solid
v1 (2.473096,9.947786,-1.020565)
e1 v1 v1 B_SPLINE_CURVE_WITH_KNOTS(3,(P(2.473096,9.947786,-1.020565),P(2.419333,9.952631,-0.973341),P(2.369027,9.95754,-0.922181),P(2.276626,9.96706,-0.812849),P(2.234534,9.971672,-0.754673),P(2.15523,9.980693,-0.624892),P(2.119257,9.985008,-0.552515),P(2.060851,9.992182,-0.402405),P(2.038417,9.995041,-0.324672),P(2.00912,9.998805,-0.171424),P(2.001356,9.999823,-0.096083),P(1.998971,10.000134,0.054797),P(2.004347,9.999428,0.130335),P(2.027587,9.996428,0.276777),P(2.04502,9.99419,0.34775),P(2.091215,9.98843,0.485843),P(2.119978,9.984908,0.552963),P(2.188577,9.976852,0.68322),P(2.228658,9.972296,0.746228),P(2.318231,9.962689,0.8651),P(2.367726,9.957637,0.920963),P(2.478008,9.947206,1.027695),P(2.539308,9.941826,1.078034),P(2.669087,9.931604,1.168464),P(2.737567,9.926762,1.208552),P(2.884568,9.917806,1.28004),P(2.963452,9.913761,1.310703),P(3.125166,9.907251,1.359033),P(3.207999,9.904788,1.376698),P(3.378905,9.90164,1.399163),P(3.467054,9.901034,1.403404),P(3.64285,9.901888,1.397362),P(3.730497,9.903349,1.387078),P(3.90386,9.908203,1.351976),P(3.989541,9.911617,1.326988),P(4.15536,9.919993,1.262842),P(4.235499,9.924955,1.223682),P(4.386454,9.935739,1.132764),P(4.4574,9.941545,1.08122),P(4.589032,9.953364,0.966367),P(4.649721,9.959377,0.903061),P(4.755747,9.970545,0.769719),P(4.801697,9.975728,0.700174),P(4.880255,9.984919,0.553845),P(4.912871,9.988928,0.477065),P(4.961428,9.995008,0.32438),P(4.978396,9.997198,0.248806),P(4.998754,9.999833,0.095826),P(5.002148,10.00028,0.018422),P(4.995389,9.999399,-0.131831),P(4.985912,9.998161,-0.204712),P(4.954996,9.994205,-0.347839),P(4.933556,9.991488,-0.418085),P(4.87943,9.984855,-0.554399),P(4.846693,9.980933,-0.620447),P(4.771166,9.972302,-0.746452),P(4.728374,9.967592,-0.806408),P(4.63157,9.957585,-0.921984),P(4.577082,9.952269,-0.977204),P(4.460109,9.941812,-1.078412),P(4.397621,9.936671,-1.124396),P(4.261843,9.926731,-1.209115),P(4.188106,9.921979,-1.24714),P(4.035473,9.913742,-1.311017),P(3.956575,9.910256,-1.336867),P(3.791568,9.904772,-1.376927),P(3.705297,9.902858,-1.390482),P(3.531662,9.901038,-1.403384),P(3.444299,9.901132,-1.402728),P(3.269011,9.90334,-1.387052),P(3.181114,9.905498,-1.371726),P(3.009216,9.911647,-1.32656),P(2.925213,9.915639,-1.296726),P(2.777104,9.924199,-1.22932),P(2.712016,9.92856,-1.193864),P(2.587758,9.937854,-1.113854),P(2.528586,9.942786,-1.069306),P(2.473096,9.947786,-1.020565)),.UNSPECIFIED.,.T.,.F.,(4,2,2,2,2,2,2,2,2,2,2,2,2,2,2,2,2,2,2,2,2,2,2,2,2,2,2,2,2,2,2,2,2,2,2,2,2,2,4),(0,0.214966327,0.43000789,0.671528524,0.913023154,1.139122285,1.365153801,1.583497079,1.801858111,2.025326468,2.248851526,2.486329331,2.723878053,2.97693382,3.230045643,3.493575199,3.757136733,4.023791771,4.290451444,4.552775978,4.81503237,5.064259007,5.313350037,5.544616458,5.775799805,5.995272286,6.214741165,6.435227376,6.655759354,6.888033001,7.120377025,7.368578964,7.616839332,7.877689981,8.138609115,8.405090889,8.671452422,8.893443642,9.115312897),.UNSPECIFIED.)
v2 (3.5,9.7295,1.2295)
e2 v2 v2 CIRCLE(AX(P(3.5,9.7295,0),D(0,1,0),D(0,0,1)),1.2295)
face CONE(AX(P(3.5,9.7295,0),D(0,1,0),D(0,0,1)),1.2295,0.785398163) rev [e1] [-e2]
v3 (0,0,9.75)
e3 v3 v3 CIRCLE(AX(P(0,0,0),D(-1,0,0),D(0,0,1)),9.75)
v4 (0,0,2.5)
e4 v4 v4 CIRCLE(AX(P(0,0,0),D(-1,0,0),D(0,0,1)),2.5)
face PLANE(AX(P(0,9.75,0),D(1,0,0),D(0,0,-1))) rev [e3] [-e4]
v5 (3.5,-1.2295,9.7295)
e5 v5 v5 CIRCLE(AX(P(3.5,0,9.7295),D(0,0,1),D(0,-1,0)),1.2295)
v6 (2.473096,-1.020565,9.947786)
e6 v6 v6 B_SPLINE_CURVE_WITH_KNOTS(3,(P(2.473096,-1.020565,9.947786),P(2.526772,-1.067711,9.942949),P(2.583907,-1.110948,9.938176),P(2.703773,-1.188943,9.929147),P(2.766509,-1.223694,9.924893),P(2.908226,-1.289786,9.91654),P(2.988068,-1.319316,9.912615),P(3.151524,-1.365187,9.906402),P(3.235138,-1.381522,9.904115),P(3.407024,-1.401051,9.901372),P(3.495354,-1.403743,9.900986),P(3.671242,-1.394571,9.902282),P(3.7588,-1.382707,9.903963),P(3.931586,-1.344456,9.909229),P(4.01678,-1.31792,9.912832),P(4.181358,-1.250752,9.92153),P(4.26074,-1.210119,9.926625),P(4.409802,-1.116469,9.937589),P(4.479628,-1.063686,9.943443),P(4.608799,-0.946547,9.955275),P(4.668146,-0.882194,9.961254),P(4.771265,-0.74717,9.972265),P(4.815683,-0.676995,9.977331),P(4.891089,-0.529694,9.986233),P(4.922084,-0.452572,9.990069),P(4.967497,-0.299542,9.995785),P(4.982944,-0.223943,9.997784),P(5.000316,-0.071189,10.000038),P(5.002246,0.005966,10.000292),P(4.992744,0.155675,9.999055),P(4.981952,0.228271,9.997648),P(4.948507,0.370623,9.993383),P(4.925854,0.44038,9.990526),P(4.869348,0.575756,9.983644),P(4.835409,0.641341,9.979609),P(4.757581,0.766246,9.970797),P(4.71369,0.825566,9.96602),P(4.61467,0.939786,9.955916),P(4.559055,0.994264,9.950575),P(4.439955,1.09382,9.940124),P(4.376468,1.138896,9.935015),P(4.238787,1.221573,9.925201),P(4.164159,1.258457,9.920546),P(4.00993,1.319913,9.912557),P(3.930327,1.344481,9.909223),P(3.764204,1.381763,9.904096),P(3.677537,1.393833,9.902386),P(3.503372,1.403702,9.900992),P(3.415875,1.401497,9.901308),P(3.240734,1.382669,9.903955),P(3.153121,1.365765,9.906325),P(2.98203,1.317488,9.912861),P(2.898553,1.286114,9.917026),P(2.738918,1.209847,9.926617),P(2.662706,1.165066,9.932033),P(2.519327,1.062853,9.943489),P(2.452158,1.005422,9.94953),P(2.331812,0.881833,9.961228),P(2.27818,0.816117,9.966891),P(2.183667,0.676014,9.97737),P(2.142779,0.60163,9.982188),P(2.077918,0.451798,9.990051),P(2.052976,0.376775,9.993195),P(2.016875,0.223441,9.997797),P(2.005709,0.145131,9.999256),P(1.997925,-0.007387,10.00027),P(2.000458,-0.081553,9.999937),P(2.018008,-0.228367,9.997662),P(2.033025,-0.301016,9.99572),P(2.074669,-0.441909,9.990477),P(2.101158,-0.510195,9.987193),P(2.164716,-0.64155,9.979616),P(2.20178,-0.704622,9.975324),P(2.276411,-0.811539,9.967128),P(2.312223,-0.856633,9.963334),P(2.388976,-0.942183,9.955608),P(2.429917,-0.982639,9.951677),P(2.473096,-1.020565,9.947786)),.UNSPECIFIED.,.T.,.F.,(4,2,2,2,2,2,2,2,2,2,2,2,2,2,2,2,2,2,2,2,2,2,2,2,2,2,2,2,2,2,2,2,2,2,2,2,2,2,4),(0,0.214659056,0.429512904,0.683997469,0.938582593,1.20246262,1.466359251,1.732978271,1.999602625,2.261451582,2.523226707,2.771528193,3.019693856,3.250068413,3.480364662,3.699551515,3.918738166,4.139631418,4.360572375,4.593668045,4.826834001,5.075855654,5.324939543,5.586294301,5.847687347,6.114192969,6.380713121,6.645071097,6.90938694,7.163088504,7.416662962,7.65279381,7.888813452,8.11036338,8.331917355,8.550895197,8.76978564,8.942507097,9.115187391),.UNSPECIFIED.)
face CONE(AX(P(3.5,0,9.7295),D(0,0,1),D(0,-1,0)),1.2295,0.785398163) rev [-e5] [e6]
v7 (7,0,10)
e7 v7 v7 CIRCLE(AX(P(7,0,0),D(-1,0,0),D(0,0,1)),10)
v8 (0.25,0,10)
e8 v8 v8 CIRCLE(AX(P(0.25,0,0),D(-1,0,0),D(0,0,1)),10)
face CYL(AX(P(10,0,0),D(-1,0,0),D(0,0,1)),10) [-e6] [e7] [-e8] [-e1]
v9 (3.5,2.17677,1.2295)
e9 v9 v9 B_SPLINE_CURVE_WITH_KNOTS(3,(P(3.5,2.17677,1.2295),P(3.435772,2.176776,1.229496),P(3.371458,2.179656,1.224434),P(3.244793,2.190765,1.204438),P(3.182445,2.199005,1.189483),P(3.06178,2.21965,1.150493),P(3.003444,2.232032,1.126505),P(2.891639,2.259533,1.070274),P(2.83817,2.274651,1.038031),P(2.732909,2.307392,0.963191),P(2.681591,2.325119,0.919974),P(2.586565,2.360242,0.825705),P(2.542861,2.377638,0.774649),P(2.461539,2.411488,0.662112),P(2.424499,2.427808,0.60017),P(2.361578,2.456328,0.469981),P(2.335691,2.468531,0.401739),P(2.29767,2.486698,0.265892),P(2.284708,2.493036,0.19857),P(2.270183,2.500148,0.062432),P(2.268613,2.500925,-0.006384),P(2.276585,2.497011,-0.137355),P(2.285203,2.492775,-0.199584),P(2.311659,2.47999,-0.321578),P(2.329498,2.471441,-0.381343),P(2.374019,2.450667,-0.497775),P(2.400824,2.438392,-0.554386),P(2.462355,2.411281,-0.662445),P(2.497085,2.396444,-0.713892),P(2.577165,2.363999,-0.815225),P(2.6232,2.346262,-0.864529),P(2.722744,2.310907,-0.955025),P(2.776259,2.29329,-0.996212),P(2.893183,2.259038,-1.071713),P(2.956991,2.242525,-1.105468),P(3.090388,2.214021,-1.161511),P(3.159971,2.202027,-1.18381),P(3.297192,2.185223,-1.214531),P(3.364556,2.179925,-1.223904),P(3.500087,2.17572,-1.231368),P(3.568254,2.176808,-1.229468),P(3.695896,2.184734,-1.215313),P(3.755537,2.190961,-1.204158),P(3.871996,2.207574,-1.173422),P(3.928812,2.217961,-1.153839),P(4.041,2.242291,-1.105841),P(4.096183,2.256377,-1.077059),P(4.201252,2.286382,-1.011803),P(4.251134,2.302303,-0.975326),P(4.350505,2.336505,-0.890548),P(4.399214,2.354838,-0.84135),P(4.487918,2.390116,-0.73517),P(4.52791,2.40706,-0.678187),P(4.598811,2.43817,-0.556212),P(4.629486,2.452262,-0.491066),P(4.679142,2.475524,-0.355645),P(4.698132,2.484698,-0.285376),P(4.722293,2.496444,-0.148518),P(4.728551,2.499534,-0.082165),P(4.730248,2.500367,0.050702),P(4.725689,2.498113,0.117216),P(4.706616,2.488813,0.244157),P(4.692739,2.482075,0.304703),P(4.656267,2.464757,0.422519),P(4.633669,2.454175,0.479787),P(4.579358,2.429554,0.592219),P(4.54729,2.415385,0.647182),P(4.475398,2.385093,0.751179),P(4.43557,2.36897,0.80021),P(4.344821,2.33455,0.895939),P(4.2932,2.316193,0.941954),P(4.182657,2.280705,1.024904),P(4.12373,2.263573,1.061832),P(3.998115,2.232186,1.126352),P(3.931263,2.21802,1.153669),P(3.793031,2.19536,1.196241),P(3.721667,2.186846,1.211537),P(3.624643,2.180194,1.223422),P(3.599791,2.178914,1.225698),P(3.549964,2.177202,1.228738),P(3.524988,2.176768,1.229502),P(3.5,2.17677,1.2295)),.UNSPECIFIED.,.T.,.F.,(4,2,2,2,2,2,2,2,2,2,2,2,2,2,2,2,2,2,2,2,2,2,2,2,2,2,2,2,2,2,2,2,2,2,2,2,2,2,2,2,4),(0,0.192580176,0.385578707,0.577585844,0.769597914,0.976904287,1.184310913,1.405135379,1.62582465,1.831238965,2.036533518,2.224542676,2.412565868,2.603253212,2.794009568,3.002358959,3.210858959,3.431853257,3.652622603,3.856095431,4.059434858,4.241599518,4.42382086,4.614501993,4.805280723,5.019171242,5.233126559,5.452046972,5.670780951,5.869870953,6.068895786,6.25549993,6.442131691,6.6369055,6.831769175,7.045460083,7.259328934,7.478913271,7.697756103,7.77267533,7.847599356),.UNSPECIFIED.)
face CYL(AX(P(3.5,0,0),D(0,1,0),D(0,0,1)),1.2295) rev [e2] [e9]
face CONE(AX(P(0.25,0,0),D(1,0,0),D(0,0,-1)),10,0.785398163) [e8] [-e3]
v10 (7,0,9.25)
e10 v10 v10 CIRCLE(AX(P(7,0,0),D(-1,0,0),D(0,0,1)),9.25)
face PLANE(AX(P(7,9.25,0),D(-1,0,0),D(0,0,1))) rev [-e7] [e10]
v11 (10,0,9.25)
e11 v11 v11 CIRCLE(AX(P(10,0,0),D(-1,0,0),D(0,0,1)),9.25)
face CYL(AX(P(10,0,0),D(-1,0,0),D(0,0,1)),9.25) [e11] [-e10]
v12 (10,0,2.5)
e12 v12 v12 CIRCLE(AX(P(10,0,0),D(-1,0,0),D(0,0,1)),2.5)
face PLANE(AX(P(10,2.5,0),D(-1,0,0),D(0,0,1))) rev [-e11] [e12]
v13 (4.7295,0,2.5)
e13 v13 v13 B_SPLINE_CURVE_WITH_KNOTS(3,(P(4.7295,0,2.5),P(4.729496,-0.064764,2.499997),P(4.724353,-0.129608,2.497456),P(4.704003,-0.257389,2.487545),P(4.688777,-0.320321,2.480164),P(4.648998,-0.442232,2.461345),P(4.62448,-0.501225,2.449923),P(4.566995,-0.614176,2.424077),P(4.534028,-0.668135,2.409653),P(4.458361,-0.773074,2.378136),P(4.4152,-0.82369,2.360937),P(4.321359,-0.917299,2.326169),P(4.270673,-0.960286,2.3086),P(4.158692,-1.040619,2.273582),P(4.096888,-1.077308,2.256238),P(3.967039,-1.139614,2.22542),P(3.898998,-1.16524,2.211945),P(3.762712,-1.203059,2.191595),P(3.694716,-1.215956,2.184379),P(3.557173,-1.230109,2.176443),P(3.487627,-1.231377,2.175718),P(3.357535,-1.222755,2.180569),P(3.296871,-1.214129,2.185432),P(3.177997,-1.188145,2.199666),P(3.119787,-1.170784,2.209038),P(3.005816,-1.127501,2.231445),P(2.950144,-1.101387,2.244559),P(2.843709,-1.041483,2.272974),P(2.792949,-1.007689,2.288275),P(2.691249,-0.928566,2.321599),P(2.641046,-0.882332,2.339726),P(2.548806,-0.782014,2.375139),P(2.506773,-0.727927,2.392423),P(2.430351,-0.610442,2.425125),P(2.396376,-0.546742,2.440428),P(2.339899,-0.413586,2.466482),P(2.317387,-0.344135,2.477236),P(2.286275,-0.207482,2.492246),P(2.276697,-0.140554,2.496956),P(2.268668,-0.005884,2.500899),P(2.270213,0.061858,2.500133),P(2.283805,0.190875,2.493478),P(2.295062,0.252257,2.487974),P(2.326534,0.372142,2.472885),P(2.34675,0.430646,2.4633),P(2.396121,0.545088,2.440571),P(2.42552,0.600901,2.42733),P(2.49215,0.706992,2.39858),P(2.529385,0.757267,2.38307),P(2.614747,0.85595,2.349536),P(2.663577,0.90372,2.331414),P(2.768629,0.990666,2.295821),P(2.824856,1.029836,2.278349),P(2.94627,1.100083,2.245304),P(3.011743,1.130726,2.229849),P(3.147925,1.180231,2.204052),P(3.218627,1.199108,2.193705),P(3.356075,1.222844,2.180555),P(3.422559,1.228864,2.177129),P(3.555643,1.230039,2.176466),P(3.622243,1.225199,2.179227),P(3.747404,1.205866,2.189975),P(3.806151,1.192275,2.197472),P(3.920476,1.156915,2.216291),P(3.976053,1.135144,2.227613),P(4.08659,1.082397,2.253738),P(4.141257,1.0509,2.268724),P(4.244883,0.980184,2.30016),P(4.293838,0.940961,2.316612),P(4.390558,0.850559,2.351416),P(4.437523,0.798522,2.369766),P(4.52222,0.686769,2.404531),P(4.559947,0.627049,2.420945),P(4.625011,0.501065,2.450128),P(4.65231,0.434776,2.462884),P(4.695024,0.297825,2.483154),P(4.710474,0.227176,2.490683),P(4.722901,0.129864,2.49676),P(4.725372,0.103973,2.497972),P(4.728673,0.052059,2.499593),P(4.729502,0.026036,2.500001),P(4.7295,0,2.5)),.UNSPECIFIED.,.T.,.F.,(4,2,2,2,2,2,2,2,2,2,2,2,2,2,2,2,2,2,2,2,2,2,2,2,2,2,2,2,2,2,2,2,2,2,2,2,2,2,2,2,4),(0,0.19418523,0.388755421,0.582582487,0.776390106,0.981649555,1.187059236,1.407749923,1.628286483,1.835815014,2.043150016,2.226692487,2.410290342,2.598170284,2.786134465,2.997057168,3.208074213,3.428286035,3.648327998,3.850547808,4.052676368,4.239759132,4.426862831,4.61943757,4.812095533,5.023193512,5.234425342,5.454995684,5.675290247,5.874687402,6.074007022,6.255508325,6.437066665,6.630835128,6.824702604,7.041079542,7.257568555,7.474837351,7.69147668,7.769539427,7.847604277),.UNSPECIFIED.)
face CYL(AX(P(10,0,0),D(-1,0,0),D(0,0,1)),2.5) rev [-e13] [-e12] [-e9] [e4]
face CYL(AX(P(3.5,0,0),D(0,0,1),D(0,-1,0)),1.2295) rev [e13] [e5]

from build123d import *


with BuildPart() as part:
    # Sketch1 → Revolve1 (revolve)
    with BuildSketch(Plane.XY, mode=Mode.PRIVATE) as revolve1_sk:
        Polygon((0, 9.75), (0, 2.5), (10, 2.5), (10, 9.25), (7, 9.25), (7, 10), (0.25, 10), align=None)
    revolve(revolve1_sk.sketch.rotate(Axis((10, 0, 0), (-1, 0, 0)), 270), axis=Axis((10, 0, 0), (-1, 0, 0)))

    # Sketch2 → Cut-Revolve1 (revolve, cut)
    with BuildSketch(Plane(origin=(3.5, 0, 0), x_dir=(0, 0, -1), z_dir=(1, 0, 0)), mode=Mode.PRIVATE) as cut_revolve1_sk:
        Polygon((0, 10), (1.5, 10), (1.2295, 9.7295), (1.2295, 0), (0, 0), align=None)
    revolve(cut_revolve1_sk.sketch.rotate(Axis((3.5, 0, 0), (0, 1, 0)), 180), axis=Axis((3.5, 0, 0), (0, 1, 0)), mode=Mode.SUBTRACT)

    # Sketch3 → Cut-Revolve2 (revolve, cut)
    with BuildSketch(Plane(origin=(3.5, 0, 0), x_dir=(0, 0, -1), z_dir=(1, 0, 0)), mode=Mode.PRIVATE) as cut_revolve2_sk:
        Polygon((-10, 0), (-10, 1.5), (-9.7295, 1.2295), (0, 1.2295), (0, 0), align=None)
    revolve(cut_revolve2_sk.sketch.rotate(Axis((3.5, 0, 0), (0, 0, 1)), 180), axis=Axis((3.5, 0, 0), (0, 0, 1)), mode=Mode.SUBTRACT)


solid = part.part
